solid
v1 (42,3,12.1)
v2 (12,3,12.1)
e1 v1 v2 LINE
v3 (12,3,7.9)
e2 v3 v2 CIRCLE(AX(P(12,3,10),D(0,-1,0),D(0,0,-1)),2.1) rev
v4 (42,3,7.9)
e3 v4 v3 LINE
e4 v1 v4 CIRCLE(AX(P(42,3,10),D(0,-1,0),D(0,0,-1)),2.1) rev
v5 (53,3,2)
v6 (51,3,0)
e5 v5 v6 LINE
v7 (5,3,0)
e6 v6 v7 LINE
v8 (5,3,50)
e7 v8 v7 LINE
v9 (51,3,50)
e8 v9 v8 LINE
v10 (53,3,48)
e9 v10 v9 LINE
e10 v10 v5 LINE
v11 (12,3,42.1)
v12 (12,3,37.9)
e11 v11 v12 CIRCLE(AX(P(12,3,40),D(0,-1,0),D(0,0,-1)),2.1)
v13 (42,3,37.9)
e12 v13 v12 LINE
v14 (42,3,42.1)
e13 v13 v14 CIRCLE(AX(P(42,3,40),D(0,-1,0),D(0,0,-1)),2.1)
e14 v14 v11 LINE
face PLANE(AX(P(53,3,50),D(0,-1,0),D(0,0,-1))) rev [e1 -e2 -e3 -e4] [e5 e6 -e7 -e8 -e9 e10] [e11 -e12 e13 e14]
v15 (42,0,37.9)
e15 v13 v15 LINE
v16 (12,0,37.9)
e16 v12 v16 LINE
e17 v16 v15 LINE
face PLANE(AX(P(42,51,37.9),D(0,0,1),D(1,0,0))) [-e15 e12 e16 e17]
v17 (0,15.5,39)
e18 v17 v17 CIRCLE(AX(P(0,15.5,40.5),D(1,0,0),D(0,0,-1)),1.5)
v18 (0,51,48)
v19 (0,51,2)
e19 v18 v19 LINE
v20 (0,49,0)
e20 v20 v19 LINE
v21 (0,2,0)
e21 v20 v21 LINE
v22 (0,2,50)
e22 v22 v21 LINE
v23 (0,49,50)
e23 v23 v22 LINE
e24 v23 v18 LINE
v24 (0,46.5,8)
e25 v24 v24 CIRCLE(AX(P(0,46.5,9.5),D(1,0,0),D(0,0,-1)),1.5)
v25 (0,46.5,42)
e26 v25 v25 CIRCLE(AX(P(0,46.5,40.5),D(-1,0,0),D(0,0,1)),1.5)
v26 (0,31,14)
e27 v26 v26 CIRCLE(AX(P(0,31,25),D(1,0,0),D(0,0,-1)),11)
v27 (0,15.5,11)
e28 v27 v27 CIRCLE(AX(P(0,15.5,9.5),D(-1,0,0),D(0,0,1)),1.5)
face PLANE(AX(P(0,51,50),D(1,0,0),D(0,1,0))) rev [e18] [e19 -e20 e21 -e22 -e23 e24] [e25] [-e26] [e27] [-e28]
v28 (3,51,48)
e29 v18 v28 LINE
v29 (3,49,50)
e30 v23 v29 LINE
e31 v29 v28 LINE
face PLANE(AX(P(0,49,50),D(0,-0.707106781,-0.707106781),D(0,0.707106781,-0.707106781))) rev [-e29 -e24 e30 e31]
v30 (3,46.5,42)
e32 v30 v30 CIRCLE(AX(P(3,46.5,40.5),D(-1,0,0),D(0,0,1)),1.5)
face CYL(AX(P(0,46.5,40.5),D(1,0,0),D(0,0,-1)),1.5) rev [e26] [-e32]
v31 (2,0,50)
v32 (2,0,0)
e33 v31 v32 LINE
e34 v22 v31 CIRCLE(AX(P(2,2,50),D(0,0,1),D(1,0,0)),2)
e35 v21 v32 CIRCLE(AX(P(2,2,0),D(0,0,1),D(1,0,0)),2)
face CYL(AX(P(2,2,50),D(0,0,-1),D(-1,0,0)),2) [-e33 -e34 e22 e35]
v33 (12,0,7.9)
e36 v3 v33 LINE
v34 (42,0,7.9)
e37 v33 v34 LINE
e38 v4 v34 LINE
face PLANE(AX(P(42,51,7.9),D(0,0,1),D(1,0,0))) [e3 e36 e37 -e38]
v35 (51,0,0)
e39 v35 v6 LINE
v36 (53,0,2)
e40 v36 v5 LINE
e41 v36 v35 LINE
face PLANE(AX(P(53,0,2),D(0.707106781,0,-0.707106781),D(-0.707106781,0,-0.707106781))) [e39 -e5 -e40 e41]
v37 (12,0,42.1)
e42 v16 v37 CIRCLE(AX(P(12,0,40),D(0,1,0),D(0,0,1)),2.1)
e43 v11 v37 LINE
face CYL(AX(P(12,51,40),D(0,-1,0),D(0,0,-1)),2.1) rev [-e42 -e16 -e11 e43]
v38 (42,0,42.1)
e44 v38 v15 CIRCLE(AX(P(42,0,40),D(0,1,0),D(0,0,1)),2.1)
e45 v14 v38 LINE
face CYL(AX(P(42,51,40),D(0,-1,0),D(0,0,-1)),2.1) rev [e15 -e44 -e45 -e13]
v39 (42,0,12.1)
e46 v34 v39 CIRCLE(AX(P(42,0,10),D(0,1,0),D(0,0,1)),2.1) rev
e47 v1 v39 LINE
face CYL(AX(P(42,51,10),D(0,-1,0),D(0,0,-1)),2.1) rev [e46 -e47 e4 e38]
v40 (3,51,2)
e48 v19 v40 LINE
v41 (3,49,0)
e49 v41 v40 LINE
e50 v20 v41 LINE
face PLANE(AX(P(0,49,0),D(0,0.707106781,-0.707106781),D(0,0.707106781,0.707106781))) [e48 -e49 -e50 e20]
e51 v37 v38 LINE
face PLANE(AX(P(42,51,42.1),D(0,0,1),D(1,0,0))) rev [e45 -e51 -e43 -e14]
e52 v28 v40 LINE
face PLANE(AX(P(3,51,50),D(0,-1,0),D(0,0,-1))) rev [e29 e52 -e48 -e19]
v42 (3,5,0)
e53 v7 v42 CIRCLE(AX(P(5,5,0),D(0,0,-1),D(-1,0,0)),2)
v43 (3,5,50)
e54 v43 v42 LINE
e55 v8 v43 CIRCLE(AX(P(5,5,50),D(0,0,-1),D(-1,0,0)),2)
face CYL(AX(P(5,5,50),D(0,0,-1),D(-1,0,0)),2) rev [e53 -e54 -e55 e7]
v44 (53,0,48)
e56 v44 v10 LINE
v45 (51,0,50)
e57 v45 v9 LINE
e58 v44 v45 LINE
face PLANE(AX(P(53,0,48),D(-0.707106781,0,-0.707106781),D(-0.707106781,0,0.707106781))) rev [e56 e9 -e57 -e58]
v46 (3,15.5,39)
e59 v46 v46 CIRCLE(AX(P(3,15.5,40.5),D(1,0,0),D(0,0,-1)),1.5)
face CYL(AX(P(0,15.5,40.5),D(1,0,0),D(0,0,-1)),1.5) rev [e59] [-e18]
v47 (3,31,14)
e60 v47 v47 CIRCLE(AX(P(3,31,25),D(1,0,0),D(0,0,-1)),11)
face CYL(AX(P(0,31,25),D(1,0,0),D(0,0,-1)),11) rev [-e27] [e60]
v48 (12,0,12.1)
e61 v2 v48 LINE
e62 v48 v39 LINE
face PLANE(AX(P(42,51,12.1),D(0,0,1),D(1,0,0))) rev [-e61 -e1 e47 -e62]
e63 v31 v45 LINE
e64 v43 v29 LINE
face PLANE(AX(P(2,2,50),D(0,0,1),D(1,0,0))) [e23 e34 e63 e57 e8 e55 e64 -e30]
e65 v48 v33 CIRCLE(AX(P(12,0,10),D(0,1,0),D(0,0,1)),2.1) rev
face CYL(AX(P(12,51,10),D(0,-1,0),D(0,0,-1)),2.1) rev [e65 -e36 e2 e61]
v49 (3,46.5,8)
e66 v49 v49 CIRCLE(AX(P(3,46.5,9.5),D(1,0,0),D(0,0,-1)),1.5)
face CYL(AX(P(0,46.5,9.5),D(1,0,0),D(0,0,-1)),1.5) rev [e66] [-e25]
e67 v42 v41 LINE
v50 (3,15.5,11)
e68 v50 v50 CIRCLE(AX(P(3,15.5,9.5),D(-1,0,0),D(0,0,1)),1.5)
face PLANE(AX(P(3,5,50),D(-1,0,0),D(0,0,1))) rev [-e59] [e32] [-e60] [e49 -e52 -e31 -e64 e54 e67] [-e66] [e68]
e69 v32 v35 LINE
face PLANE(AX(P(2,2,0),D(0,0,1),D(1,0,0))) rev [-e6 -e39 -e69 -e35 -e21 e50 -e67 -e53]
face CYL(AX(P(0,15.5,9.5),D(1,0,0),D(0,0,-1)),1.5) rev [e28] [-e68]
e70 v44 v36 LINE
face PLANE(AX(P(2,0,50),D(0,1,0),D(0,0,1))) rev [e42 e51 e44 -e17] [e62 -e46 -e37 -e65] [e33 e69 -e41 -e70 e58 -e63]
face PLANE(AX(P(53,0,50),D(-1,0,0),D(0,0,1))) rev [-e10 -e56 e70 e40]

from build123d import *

# Parameters (mm, degrees)
Y_KSEKLIK_EKSTR_ZYON1_DEPTH = 50
IZIM2_R                     = 11
IZIM2_R_2                   = 1.5
KES_EKSTR_ZYON1_DEPTH       = 88.183714076
KES_EKSTR_ZYON2_DEPTH       = 88.252507127
KES_EKSTR_ZYON2_DEPTH_BACK  = 10
KES_EKSTR_ZYON3_DEPTH       = 88.183714076
KES_EKSTR_ZYON4_DEPTH       = 88.252507127


with BuildPart() as part:
    # Çizim1 → Yükseklik-Ekstrüzyon1 (new body)
    with BuildSketch(Plane.XY):
        with BuildLine():
            Line((0, 51), (0, 2))
            ThreePointArc((0, 2), (0.585786438, 0.585786438), (2, 0))
            Line((2, 0), (53, 0))
            Line((53, 0), (53, 3))
            Line((53, 3), (5, 3))
            ThreePointArc((5, 3), (3.585786438, 3.585786438), (3, 5))
            Line((3, 5), (3, 51))
            Line((3, 51), (0, 51))
        make_face()
    extrude(amount=Y_KSEKLIK_EKSTR_ZYON1_DEPTH)

    # Çizim2 → Kes-Ekstrüzyon1 (cut, through all)
    with BuildSketch(Plane(origin=(3, 0, 0), x_dir=(0, 0, -1), z_dir=(1, 0, 0))):
        with Locations((-25, 31)):
            Circle(IZIM2_R)
        with Locations((-9.5, 46.5)):
            Circle(IZIM2_R_2)
        with Locations(Location((-40.5, 46.5, 0), (0, 0, 180))):
            Circle(IZIM2_R_2)
        with Locations(Location((-9.5, 15.5, 0), (0, 0, 180))):
            Circle(IZIM2_R_2)
        with Locations((-40.5, 15.5)):
            Circle(IZIM2_R_2)
    extrude(amount=-KES_EKSTR_ZYON1_DEPTH, mode=Mode.SUBTRACT)

    # Çizim3 → Kes-Ekstrüzyon2 (cut, two sides: drawn at the far end of the back side and taken through both)
    with BuildSketch(Plane(origin=(0, 3, 0), x_dir=(1, 0, 0), z_dir=(0, 1, 0)).offset(-KES_EKSTR_ZYON2_DEPTH_BACK)):
        with BuildLine():
            Line((42, -12.1), (12, -12.1))
            ThreePointArc((12, -12.1), (9.9, -10), (12, -7.9))
            Line((12, -7.9), (42, -7.9))
            ThreePointArc((42, -7.9), (44.1, -10), (42, -12.1))
        make_face()
        with BuildLine():
            Line((42, -37.9), (12, -37.9))
            ThreePointArc((12, -37.9), (9.9, -40), (12, -42.1))
            Line((12, -42.1), (42, -42.1))
            ThreePointArc((42, -42.1), (44.1, -40), (42, -37.9))
        make_face()
    extrude(amount=KES_EKSTR_ZYON2_DEPTH + KES_EKSTR_ZYON2_DEPTH_BACK, mode=Mode.SUBTRACT)

    # Çizim4 → Kes-Ekstrüzyon3 (cut, through all)
    with BuildSketch(Plane(origin=(3, 0, 0), x_dir=(0, 0, -1), z_dir=(1, 0, 0))):
        Polygon((-50, 49), (-50, 51), (-48, 51), align=None)
        Polygon((0, 49), (0, 51), (-2, 51), align=None)
    extrude(amount=-KES_EKSTR_ZYON3_DEPTH, mode=Mode.SUBTRACT)

    # Çizim5 → Kes-Ekstrüzyon4 (cut, through all)
    with BuildSketch(Plane(origin=(0, 3, 0), x_dir=(1, 0, 0), z_dir=(0, 1, 0))):
        Polygon((53, -48), (51, -50), (53, -50), align=None)
        Polygon((53, 0), (53, -2), (51, 0), align=None)
    extrude(amount=-KES_EKSTR_ZYON4_DEPTH, mode=Mode.SUBTRACT)


solid = part.part
